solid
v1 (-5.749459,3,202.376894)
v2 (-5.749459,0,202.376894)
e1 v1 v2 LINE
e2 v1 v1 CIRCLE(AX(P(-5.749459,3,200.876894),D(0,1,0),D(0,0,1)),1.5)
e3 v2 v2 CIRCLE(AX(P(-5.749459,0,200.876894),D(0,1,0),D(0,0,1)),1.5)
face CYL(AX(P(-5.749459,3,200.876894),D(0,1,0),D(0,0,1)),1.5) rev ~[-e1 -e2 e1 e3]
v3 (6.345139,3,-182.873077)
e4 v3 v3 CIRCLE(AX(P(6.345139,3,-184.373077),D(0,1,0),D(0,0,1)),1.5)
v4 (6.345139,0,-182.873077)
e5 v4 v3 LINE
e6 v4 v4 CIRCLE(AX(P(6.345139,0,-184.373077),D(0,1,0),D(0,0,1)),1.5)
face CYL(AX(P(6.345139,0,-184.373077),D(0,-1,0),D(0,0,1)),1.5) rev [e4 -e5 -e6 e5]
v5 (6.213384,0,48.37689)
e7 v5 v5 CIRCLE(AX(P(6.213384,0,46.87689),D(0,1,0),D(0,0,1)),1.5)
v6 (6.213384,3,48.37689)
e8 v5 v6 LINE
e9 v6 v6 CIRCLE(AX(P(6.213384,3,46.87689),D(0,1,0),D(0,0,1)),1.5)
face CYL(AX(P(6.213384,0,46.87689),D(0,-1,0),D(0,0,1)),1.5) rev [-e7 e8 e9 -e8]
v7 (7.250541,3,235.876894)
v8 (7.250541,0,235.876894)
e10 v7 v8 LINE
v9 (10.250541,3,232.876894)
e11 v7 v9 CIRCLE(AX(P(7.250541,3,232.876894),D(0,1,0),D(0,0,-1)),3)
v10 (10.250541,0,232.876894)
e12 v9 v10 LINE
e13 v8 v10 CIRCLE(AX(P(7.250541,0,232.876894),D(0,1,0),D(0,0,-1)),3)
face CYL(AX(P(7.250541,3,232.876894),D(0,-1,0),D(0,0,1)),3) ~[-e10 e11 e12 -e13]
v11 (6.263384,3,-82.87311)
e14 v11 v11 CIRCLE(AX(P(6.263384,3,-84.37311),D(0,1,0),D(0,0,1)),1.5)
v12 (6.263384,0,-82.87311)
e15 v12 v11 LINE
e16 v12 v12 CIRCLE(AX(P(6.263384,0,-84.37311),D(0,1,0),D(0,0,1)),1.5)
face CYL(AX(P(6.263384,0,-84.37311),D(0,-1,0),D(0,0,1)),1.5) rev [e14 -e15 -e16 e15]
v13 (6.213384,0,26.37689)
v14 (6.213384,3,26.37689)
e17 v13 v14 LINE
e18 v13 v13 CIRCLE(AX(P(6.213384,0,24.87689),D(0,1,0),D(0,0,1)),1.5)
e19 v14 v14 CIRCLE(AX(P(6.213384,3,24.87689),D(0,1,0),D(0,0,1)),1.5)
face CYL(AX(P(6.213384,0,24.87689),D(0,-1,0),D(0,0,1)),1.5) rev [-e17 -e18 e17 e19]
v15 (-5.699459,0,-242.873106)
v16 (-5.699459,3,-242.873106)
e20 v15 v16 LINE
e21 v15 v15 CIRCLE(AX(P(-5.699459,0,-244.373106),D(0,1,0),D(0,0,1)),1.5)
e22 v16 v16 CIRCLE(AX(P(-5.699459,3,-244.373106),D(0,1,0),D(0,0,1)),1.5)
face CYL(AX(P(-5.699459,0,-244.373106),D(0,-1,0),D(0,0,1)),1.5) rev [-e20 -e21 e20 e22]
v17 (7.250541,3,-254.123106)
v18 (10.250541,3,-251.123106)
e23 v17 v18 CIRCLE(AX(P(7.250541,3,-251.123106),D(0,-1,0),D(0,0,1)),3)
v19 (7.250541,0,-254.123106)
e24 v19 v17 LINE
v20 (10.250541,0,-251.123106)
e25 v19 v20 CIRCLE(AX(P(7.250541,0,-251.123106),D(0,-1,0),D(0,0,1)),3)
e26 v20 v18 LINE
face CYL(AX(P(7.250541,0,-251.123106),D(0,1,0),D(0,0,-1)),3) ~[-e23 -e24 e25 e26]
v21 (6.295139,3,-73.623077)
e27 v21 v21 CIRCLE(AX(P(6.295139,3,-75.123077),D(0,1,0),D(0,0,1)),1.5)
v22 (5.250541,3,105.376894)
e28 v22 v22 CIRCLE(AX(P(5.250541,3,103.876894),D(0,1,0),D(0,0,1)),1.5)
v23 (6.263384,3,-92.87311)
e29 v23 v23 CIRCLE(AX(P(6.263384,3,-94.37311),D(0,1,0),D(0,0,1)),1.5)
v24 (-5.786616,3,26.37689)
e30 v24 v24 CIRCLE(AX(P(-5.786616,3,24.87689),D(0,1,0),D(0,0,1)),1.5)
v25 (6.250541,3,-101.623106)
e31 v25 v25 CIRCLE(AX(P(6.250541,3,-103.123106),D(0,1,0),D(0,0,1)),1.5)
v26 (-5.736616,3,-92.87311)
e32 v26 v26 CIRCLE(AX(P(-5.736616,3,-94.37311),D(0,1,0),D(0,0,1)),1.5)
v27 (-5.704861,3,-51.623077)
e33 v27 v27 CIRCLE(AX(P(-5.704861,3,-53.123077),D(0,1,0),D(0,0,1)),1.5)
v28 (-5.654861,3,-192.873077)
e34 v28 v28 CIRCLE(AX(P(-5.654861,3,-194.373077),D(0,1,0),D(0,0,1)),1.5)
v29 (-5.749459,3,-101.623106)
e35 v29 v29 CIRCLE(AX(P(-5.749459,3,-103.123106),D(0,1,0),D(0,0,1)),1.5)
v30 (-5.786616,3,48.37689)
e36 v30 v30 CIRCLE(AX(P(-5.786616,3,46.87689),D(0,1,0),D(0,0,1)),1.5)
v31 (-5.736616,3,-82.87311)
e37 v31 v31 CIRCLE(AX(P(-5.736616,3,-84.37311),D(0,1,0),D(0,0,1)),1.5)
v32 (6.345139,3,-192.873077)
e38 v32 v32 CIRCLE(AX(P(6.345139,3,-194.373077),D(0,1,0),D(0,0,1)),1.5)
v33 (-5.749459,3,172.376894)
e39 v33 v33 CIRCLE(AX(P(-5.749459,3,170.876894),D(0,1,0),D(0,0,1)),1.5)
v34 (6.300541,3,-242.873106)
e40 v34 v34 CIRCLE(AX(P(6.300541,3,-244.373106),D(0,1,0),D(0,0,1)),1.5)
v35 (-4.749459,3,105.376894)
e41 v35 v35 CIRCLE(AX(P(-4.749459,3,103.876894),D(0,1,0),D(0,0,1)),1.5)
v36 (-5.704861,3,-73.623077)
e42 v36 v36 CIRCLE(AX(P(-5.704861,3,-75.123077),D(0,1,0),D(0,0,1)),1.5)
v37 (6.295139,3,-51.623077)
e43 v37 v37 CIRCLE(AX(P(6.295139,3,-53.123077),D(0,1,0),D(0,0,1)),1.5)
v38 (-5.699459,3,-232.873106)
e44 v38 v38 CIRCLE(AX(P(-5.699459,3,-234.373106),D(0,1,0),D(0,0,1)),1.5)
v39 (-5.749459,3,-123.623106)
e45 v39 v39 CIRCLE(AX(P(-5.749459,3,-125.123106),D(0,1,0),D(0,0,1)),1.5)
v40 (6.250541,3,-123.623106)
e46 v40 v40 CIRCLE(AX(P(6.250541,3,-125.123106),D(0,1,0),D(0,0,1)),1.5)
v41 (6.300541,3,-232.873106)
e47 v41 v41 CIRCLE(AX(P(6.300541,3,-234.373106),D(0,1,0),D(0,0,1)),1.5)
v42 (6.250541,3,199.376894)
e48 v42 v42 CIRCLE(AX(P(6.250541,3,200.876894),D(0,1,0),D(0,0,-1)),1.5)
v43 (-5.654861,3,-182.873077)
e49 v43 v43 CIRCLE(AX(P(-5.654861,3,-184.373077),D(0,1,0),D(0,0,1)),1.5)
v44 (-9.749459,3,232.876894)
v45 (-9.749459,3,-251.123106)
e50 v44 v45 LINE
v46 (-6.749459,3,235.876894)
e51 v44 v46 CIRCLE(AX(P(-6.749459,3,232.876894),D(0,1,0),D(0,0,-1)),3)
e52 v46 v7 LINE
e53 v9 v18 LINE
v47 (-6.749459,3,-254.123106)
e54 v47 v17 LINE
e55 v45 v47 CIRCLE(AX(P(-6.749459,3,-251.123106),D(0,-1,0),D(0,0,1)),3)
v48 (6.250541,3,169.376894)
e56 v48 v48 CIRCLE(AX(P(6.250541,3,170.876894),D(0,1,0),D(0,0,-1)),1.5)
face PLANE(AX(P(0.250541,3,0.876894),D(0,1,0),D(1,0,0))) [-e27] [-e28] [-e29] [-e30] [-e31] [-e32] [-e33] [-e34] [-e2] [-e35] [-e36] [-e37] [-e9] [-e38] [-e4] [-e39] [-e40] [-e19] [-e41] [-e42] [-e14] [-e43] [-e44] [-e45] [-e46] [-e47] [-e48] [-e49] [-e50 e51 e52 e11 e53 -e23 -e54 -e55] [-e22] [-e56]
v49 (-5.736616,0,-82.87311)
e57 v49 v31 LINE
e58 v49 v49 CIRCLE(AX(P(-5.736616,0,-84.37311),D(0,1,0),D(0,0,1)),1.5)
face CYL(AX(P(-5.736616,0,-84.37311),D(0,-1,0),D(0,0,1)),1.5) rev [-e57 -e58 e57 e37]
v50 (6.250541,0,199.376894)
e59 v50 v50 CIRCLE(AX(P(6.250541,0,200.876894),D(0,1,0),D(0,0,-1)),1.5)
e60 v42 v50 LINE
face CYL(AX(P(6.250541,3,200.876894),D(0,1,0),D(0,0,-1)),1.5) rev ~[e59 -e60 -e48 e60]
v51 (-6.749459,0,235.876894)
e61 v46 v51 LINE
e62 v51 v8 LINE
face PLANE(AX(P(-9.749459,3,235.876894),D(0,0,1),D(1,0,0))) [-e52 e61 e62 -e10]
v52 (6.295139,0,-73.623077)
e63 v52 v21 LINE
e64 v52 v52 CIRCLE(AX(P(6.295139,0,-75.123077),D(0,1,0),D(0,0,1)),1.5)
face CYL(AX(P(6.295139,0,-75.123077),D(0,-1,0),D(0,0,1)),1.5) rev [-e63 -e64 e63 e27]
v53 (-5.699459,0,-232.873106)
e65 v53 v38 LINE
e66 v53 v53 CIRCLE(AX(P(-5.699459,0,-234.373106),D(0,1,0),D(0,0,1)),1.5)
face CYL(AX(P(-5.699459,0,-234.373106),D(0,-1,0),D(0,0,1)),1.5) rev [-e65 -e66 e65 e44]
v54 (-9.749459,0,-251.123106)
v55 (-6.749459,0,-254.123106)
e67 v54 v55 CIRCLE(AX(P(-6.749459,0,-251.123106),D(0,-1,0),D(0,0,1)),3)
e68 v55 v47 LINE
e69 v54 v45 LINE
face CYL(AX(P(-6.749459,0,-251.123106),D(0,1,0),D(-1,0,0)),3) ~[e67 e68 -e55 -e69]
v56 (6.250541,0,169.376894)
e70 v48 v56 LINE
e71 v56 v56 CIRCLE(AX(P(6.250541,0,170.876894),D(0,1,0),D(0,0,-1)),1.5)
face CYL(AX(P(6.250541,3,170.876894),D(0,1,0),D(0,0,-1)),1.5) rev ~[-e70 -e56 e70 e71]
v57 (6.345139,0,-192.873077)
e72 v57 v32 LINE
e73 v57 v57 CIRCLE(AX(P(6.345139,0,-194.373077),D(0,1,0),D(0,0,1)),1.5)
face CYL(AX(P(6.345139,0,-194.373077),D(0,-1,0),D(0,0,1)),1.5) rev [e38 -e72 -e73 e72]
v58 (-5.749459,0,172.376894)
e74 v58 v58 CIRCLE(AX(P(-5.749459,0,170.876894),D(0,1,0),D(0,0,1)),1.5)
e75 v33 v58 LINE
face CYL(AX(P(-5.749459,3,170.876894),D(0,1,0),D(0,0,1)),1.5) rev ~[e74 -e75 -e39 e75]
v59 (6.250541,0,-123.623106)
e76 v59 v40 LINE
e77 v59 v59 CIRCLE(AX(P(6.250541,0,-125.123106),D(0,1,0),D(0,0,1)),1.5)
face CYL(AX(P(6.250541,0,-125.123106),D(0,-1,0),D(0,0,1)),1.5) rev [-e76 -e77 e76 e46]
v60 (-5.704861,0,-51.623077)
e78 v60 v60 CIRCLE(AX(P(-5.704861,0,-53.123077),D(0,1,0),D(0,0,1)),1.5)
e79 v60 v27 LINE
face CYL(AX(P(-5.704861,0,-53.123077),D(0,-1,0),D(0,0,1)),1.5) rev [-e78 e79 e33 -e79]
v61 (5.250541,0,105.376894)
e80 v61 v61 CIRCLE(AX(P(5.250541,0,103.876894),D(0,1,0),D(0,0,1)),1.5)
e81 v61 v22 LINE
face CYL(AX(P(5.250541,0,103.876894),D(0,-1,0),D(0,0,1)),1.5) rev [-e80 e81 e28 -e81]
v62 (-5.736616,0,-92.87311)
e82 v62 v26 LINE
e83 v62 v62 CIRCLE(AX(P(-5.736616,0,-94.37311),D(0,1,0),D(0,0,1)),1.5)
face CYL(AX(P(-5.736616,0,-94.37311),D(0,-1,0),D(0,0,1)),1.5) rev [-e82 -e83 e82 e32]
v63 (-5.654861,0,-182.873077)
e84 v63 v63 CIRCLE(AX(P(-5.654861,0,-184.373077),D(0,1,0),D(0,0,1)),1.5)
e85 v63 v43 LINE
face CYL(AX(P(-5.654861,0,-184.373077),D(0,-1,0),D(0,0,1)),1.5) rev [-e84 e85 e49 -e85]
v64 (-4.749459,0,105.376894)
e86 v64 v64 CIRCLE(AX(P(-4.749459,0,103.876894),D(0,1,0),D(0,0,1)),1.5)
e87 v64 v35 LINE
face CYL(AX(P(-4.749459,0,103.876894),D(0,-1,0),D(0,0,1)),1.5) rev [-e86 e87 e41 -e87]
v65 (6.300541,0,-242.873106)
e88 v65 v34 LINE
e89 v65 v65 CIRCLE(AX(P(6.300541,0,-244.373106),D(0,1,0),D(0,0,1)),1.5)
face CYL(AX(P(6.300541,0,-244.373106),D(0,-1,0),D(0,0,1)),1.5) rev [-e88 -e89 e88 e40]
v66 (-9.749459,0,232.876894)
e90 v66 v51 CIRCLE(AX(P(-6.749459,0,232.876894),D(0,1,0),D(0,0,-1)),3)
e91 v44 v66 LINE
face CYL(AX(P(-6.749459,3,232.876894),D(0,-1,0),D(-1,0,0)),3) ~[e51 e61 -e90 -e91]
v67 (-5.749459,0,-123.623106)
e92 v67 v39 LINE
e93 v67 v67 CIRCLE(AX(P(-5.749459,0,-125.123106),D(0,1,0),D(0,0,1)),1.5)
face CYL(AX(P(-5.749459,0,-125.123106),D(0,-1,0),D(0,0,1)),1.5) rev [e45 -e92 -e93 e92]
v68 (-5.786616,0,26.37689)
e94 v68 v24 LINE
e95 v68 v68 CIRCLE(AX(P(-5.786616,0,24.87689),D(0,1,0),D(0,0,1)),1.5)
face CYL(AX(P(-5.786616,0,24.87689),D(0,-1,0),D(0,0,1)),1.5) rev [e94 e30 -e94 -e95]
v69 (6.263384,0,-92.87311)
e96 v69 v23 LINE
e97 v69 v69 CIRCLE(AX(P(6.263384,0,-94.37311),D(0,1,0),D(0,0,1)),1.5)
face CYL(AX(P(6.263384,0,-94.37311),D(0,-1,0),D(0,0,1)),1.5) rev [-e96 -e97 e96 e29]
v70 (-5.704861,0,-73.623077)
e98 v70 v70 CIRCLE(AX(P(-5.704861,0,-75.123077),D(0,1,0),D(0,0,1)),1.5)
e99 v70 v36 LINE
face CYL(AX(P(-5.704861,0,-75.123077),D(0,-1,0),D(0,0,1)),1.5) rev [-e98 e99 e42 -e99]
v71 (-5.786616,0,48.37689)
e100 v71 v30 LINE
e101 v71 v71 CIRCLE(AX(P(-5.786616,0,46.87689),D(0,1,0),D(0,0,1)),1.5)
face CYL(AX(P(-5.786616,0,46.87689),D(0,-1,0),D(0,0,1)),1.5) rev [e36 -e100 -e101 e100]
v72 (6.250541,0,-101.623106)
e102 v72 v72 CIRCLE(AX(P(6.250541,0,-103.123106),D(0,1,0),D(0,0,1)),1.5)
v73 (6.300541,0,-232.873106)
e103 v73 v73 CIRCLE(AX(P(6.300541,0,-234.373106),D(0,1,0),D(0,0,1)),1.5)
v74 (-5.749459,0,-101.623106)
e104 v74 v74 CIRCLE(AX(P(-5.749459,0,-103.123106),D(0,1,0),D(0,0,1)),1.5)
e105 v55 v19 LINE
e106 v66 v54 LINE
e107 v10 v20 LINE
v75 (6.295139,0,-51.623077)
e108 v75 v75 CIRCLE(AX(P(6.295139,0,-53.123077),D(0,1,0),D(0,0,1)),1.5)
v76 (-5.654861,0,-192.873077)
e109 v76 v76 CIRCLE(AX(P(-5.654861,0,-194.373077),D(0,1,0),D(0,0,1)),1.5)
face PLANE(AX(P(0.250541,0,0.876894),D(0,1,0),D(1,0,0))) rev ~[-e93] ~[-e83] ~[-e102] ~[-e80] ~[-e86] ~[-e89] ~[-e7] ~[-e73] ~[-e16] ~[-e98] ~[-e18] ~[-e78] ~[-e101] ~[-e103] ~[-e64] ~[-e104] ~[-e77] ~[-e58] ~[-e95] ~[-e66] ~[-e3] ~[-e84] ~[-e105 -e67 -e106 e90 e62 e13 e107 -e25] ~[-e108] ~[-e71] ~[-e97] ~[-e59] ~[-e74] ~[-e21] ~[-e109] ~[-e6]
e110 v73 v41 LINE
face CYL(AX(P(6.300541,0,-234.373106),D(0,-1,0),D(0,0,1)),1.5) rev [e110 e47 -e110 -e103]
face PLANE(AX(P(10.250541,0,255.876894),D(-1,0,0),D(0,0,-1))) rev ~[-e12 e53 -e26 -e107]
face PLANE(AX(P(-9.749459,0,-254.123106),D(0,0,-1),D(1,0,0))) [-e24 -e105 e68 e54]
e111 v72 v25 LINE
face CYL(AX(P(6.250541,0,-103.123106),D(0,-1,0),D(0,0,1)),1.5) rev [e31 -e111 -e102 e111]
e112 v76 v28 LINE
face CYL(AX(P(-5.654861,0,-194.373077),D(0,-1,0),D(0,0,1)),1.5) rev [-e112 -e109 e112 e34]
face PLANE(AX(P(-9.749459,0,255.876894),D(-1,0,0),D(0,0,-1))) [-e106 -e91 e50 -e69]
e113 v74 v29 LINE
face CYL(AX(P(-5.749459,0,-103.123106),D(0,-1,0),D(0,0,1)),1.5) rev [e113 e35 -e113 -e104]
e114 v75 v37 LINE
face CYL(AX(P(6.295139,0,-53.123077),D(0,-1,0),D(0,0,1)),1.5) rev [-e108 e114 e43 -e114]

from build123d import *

# Parameters (mm, degrees)
SKETCH_1_W          = 20
SKETCH_1_H          = 510
SKETCH_1_R          = 1.5
EXTRUDE_1_DEPTH     = 3
SKETCH_2_W          = 20
SKETCH_2_H          = 20
CUT_EXTRUDE_1_DEPTH = 257.099704345
FILLET_1_R          = 3
SKETCH_3_R          = 1.5
CUT_EXTRUDE_2_DEPTH = 255.347452337


with BuildPart() as part:
    # 草图1 → 凸台-拉伸1 (new body)
    with BuildSketch(Plane(origin=(0, 0, 0), x_dir=(1, 0, 0), z_dir=(0, 1, 0))):
        with Locations((0.250541192, -0.876894172)):
            Rectangle(SKETCH_1_W, SKETCH_1_H)
        with Locations(Location((5.250541192, -103.876894172, 0), (0, 0, 270))):
            Circle(SKETCH_1_R, mode=Mode.SUBTRACT)
        with Locations(Location((-4.749458808, -103.876894172, 0), (0, 0, 270))):
            Circle(SKETCH_1_R, mode=Mode.SUBTRACT)
        with Locations(Location((6.213384437, -46.87688957, 0), (0, 0, 270))):
            Circle(SKETCH_1_R, mode=Mode.SUBTRACT)
        with Locations(Location((-5.786615563, -46.87688957, 0), (0, 0, 270))):
            Circle(SKETCH_1_R, mode=Mode.SUBTRACT)
        with Locations(Location((6.213384437, -24.87688957, 0), (0, 0, 270))):
            Circle(SKETCH_1_R, mode=Mode.SUBTRACT)
        with Locations(Location((-5.786615563, -24.87688957, 0), (0, 0, 270))):
            Circle(SKETCH_1_R, mode=Mode.SUBTRACT)
        with Locations(Location((6.295138669, 53.123077011, 0), (0, 0, 270))):
            Circle(SKETCH_1_R, mode=Mode.SUBTRACT)
        with Locations(Location((-5.704861331, 53.123077011, 0), (0, 0, 270))):
            Circle(SKETCH_1_R, mode=Mode.SUBTRACT)
        with Locations(Location((6.295138669, 75.123077011, 0), (0, 0, 270))):
            Circle(SKETCH_1_R, mode=Mode.SUBTRACT)
        with Locations(Location((-5.704861331, 75.123077011, 0), (0, 0, 270))):
            Circle(SKETCH_1_R, mode=Mode.SUBTRACT)
        with Locations(Location((6.263384437, 84.37311043, 0), (0, 0, 270))):
            Circle(SKETCH_1_R, mode=Mode.SUBTRACT)
        with Locations(Location((-5.736615563, 84.37311043, 0), (0, 0, 270))):
            Circle(SKETCH_1_R, mode=Mode.SUBTRACT)
        with Locations(Location((6.263384437, 94.37311043, 0), (0, 0, 270))):
            Circle(SKETCH_1_R, mode=Mode.SUBTRACT)
        with Locations(Location((-5.736615563, 94.37311043, 0), (0, 0, 270))):
            Circle(SKETCH_1_R, mode=Mode.SUBTRACT)
        with Locations(Location((6.250541192, 103.123105828, 0), (0, 0, 270))):
            Circle(SKETCH_1_R, mode=Mode.SUBTRACT)
        with Locations(Location((-5.749458808, 103.123105828, 0), (0, 0, 270))):
            Circle(SKETCH_1_R, mode=Mode.SUBTRACT)
        with Locations(Location((6.250541192, 125.123105828, 0), (0, 0, 270))):
            Circle(SKETCH_1_R, mode=Mode.SUBTRACT)
        with Locations(Location((-5.749458808, 125.123105828, 0), (0, 0, 270))):
            Circle(SKETCH_1_R, mode=Mode.SUBTRACT)
        with Locations(Location((6.345138669, 184.373077011, 0), (0, 0, 270))):
            Circle(SKETCH_1_R, mode=Mode.SUBTRACT)
        with Locations(Location((-5.654861331, 184.373077011, 0), (0, 0, 270))):
            Circle(SKETCH_1_R, mode=Mode.SUBTRACT)
        with Locations(Location((6.345138669, 194.373077011, 0), (0, 0, 270))):
            Circle(SKETCH_1_R, mode=Mode.SUBTRACT)
        with Locations(Location((-5.654861331, 194.373077011, 0), (0, 0, 270))):
            Circle(SKETCH_1_R, mode=Mode.SUBTRACT)
        with Locations(Location((6.300541192, 234.373105828, 0), (0, 0, 270))):
            Circle(SKETCH_1_R, mode=Mode.SUBTRACT)
        with Locations(Location((-5.699458808, 234.373105828, 0), (0, 0, 270))):
            Circle(SKETCH_1_R, mode=Mode.SUBTRACT)
        with Locations(Location((6.300541192, 244.373105828, 0), (0, 0, 270))):
            Circle(SKETCH_1_R, mode=Mode.SUBTRACT)
        with Locations(Location((-5.699458808, 244.373105828, 0), (0, 0, 270))):
            Circle(SKETCH_1_R, mode=Mode.SUBTRACT)
    extrude(amount=EXTRUDE_1_DEPTH)

    # 草图2 → 切除-拉伸1 (cut, through all)
    with BuildSketch(Plane(origin=(0, 3, 0), x_dir=(1, 0, 0), z_dir=(0, 1, 0))):
        with Locations((0.250541192, -245.876894172)):
            Rectangle(SKETCH_2_W, SKETCH_2_H)
    extrude(amount=-CUT_EXTRUDE_1_DEPTH, mode=Mode.SUBTRACT)

    # 圆角1
    fillet_1_edges = [part.edges().sort_by_distance(p)[0] for p in [
        (-9.749458808, 1.5, 235.876894172),
        (10.250541192, 1.5, 235.876894172),
        (10.250541192, 1.5, -254.123105828),
        (-9.749458808, 1.5, -254.123105828),
    ]]
    fillet(fillet_1_edges, radius=FILLET_1_R)

    # 草图3 → 切除-拉伸2 (cut, through all)
    with BuildSketch(Plane(origin=(0, 3, 0), x_dir=(1, 0, 0), z_dir=(0, 1, 0))):
        with Locations(Location((-5.749458808, -170.876894172, 0), (0, 0, 270))):
            Circle(SKETCH_3_R)
        with Locations(Location((-5.749458808, -200.876894172, 0), (0, 0, 270))):
            Circle(SKETCH_3_R)
        with Locations(Location((6.250541192, -170.876894172, 0), (0, 0, 90))):
            Circle(SKETCH_3_R)
        with Locations(Location((6.250541192, -200.876894172, 0), (0, 0, 90))):
            Circle(SKETCH_3_R)
    extrude(amount=-CUT_EXTRUDE_2_DEPTH, mode=Mode.SUBTRACT)


solid = part.part
